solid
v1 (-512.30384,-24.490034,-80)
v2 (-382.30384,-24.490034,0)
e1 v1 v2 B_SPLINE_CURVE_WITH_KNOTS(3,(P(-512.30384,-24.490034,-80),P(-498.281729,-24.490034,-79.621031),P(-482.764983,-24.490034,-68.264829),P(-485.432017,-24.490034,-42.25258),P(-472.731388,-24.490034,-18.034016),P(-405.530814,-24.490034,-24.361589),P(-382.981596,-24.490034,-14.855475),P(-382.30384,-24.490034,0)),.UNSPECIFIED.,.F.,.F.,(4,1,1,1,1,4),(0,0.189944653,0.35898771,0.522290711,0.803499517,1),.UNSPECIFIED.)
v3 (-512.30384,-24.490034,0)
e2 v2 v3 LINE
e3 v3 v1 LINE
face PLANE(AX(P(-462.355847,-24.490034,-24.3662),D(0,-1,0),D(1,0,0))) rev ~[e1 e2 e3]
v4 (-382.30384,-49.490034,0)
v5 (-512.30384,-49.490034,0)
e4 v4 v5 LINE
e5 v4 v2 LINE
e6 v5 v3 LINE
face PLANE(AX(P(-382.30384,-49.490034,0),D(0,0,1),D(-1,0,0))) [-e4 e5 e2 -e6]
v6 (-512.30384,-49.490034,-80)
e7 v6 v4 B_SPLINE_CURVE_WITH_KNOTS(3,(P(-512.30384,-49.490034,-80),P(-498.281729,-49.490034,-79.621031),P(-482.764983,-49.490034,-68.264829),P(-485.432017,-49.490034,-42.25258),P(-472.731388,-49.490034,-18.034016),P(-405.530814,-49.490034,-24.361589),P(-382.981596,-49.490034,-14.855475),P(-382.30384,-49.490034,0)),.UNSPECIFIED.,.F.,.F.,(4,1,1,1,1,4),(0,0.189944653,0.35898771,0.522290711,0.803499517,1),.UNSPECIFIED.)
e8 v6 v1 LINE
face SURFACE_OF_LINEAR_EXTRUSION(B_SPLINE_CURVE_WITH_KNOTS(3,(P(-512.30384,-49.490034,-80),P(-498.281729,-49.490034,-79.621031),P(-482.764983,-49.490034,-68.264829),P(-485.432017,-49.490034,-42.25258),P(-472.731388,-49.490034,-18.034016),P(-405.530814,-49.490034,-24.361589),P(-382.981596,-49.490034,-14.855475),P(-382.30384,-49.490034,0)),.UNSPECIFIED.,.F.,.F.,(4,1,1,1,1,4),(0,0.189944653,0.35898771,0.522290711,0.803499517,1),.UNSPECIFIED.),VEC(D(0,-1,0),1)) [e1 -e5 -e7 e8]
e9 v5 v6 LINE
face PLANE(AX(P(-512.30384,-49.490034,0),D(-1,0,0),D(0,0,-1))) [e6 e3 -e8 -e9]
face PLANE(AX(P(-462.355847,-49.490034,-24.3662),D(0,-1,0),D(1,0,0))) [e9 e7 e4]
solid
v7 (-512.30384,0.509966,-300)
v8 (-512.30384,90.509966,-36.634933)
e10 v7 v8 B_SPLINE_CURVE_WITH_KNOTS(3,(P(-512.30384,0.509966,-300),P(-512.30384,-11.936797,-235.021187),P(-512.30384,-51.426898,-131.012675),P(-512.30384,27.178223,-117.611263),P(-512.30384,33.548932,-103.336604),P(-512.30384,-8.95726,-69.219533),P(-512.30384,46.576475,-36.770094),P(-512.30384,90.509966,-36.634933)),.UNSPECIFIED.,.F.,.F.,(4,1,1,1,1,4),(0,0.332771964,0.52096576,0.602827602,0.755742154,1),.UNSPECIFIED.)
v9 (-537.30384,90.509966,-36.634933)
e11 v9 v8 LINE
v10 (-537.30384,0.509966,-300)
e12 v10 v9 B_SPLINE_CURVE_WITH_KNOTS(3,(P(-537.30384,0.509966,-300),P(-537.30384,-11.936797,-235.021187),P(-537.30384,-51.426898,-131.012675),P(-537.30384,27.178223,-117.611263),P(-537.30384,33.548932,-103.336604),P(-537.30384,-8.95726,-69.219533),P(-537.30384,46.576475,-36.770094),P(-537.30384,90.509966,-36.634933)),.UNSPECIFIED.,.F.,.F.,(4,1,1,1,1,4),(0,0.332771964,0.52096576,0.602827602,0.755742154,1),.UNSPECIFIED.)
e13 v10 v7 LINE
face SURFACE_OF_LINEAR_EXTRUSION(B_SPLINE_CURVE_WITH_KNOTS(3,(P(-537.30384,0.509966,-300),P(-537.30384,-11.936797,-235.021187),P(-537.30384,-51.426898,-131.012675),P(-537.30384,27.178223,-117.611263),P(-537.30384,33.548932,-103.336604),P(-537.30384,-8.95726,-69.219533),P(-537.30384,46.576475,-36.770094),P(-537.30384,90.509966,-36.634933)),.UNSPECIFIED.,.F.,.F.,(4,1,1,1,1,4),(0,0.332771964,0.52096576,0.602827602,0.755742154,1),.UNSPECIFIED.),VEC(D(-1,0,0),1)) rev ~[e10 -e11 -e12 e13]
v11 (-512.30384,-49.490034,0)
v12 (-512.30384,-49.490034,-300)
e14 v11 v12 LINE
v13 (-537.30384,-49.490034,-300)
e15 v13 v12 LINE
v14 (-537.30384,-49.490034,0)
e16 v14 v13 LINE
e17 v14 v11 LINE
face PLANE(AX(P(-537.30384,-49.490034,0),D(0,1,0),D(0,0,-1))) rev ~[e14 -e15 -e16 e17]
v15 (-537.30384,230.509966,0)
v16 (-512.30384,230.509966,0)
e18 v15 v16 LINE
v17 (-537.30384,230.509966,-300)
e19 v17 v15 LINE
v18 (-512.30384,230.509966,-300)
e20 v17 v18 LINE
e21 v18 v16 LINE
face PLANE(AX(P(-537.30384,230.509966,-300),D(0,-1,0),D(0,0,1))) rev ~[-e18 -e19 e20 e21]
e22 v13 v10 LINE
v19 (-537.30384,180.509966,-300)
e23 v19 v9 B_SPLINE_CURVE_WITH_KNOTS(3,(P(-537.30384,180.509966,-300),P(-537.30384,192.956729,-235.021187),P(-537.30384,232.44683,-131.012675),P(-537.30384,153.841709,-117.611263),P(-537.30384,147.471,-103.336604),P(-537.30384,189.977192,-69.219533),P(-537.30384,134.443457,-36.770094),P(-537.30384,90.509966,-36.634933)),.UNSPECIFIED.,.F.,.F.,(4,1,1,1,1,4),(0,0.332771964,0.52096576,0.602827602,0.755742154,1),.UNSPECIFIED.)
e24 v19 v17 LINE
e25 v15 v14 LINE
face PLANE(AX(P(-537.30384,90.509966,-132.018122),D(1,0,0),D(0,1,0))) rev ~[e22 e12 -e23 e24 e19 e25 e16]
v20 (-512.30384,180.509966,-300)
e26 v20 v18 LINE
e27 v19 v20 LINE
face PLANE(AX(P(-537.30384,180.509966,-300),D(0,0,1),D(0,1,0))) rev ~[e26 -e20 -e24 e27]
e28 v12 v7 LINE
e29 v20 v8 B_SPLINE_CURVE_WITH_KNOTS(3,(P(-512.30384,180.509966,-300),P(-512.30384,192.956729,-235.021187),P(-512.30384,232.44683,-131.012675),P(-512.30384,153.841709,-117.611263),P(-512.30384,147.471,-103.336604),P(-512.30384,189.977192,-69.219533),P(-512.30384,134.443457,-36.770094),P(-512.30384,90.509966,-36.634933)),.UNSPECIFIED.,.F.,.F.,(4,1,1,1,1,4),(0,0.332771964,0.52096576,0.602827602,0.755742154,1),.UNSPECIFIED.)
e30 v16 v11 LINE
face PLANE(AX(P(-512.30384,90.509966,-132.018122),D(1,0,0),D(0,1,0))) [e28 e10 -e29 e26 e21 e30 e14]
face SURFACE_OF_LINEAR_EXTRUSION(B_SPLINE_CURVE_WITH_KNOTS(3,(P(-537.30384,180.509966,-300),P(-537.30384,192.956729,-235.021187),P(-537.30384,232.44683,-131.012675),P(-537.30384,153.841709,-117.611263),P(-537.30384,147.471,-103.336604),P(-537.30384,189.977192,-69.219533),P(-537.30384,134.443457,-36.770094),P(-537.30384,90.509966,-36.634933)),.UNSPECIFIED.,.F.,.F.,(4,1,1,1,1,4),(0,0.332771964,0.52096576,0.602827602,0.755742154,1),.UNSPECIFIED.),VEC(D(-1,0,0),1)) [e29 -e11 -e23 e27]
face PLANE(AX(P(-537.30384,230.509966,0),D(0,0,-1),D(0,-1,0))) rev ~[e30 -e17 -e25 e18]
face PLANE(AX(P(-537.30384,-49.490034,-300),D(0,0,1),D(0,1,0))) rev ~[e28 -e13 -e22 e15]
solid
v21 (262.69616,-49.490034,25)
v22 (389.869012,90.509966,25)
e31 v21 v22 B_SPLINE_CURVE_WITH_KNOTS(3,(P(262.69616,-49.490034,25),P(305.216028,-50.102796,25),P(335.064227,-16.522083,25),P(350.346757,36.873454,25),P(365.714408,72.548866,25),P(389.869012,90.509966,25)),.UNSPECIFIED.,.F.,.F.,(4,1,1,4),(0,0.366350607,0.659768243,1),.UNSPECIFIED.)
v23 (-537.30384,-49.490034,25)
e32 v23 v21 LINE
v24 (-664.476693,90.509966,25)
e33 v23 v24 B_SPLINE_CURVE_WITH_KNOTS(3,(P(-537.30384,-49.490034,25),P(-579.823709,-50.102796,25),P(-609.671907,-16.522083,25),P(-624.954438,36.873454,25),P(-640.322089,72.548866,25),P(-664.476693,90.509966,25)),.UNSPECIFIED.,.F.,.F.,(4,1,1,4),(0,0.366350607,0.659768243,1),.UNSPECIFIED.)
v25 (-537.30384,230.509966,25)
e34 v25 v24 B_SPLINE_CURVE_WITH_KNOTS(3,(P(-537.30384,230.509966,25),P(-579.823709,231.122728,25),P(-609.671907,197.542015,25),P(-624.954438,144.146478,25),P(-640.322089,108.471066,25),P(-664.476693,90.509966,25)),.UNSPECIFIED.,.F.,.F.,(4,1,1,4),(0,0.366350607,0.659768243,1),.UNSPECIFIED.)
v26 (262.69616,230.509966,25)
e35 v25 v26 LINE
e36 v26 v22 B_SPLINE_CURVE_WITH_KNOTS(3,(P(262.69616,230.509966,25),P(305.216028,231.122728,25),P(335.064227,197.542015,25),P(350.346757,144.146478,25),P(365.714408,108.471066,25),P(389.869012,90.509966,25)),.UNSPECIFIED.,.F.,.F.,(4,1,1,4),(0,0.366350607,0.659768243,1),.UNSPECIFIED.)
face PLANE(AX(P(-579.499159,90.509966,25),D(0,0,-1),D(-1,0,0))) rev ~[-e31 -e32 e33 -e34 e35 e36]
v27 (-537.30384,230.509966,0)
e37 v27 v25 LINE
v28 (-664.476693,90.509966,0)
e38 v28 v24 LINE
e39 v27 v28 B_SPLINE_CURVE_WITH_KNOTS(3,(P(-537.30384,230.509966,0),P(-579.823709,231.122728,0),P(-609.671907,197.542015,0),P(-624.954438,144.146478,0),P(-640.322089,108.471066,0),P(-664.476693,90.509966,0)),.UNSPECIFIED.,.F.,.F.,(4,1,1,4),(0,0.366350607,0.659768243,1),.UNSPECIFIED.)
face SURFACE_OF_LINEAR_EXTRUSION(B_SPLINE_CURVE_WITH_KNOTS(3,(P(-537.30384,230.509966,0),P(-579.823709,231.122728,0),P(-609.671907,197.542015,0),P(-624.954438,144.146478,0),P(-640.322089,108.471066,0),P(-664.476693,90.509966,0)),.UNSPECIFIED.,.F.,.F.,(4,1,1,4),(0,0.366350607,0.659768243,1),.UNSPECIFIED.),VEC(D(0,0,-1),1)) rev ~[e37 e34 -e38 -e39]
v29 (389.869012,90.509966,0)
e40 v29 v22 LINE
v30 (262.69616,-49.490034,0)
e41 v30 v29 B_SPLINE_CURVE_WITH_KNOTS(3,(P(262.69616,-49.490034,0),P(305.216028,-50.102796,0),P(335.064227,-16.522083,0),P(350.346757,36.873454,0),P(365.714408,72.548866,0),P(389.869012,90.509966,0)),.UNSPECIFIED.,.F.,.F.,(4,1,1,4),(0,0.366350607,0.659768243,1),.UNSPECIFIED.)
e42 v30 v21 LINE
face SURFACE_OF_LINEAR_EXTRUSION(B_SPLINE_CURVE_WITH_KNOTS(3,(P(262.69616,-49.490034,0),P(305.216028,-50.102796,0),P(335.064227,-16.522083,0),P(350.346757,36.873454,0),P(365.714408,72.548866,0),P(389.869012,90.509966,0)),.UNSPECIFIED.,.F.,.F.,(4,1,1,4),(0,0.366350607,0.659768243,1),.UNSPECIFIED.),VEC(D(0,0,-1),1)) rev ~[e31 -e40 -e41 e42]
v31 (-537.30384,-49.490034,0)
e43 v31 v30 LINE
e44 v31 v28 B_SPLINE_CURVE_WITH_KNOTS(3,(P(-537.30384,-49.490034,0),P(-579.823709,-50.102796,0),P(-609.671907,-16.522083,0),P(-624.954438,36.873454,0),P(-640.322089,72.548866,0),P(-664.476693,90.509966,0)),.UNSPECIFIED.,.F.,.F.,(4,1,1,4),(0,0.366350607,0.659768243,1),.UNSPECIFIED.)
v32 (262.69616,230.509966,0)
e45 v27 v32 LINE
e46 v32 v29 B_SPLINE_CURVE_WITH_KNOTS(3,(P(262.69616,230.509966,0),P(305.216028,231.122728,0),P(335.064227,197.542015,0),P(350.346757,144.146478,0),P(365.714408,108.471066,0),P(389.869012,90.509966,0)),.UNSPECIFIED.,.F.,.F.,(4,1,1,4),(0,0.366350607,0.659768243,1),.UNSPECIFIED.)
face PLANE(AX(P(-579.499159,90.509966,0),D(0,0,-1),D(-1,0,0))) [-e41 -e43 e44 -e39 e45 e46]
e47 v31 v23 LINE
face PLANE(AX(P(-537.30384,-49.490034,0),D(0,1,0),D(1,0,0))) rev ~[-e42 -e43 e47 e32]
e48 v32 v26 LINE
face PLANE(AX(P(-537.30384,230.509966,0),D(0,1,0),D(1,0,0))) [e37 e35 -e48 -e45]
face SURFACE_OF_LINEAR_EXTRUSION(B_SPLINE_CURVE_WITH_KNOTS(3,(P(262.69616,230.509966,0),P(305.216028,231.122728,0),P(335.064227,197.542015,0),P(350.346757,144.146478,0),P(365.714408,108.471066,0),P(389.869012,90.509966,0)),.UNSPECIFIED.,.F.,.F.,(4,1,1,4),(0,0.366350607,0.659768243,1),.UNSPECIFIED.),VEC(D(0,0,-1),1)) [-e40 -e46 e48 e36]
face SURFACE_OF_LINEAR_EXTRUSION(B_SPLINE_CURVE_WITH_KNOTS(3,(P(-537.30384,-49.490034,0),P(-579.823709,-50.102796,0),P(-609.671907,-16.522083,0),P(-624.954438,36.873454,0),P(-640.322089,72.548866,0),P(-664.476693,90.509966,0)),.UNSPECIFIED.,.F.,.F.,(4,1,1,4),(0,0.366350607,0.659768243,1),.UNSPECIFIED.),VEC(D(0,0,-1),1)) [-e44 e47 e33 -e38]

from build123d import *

# Parameters (mm, degrees)
F0_W     = 800
F0_H     = 280
F3_DEPTH = 25
F4_DEPTH = 25
F6_DEPTH = 25


with BuildPart() as f3:
    # F0 (on Top) → F3 (new body)
    with BuildSketch(Plane.XY):
        with BuildLine():
            add(Edge.make_bspline(
                [(-537.303840369, -49.4900339842), (-579.8237086489, -50.1027958958), (-609.6719073908, -16.522082834), (-624.9544376815, 36.8734544523), (-640.3220891953, 72.548866272), (-664.4766926765, 90.5099660158)],
                knots=[0, 0, 0, 0, 0.3663506071, 0.6597682426, 1, 1, 1, 1], degree=3))
            Line((-537.303840369, -49.4900339842), (-537.303840369, 230.5099660158))
            add(Edge.make_bspline(
                [(-537.303840369, 230.5099660158), (-579.8237086489, 231.1227279275), (-609.6719073908, 197.5420148656), (-624.9544376815, 144.1464775793), (-640.3220891953, 108.4710657597), (-664.4766926765, 90.5099660158)],
                knots=[0, 0, 0, 0, 0.3663506071, 0.6597682426, 1, 1, 1, 1], degree=3))
        make_face()
        with Locations((-137.303840369, 90.5099660158)):
            Rectangle(F0_W, F0_H)
        with BuildLine():
            Line((262.696159631, 230.5099660158), (262.696159631, -49.4900339842))
            add(Edge.make_bspline(
                [(262.696159631, -49.4900339842), (305.216027911, -50.1027958958), (335.0642266528, -16.522082834), (350.3467569436, 36.8734544523), (365.7144084573, 72.548866272), (389.8690119386, 90.5099660158)],
                knots=[0, 0, 0, 0, 0.3663506071, 0.6597682426, 1, 1, 1, 1], degree=3))
            add(Edge.make_bspline(
                [(262.696159631, 230.5099660158), (305.216027911, 231.1227279275), (335.0642266528, 197.5420148656), (350.3467569436, 144.1464775793), (365.7144084573, 108.4710657597), (389.8690119386, 90.5099660158)],
                knots=[0, 0, 0, 0, 0.3663506071, 0.6597682426, 1, 1, 1, 1], degree=3))
        make_face()
    extrude(amount=F3_DEPTH)


with BuildPart() as f4:
    # F2 (on plane+point) → F4 (new body)
    with BuildSketch(Plane.YZ.offset(-537.303840369)):
        with BuildLine():
            Line((230.5099660158, -300), (230.5099660158, 0))
            Line((230.5099660158, 0), (-49.4900339842, 0))
            Line((-49.4900339842, 0), (-49.4900339842, -300))
            Line((-49.4900339842, -300), (0.5099660158, -300))
            add(Edge.make_bspline(
                [(0.5099660158, -300), (-11.936796864, -235.0211868442), (-51.4268977409, -131.012674632), (27.1782230132, -117.6112629536), (33.5489318103, -103.3366036281), (-8.957260291, -69.2195325533), (46.5764747456, -36.770094018), (90.5099660158, -36.6349332035)],
                knots=[0, 0, 0, 0, 0.3327719638, 0.5209657604, 0.6028276022, 0.7557421537, 1, 1, 1, 1], degree=3))
            add(Edge.make_bspline(
                [(180.5099660158, -300), (192.9567288956, -235.0211868442), (232.4468297725, -131.012674632), (153.8417090184, -117.6112629536), (147.4710002213, -103.3366036281), (189.9771923226, -69.2195325533), (134.443457286, -36.770094018), (90.5099660158, -36.6349332035)],
                knots=[0, 0, 0, 0, 0.3327719638, 0.5209657604, 0.6028276022, 0.7557421537, 1, 1, 1, 1], degree=3))
            Line((180.5099660158, -300), (230.5099660158, -300))
        make_face()
    extrude(amount=F4_DEPTH)


with BuildPart() as f6:
    # F5 (on face) → F6 (new body)
    with BuildSketch(Plane.XZ.offset(49.4900339842)):
        with BuildLine():
            add(Edge.make_bspline(
                [(-512.303840369, -80), (-498.2817289761, -79.6210311629), (-482.7649829726, -68.2648291492), (-485.4320171379, -42.2525797623), (-472.7313877784, -18.0340160913), (-405.5308137942, -24.3615889417), (-382.9815961956, -14.855474635), (-382.303840369, 0)],
                knots=[0, 0, 0, 0, 0.1899446525, 0.3589877103, 0.522290711, 0.803499517, 1, 1, 1, 1], degree=3))
            Line((-382.303840369, 0), (-512.303840369, 0))
            Line((-512.303840369, 0), (-512.303840369, -80))
        make_face()
    extrude(amount=-F6_DEPTH)


solid = Compound([f3.part, f4.part, f6.part])
